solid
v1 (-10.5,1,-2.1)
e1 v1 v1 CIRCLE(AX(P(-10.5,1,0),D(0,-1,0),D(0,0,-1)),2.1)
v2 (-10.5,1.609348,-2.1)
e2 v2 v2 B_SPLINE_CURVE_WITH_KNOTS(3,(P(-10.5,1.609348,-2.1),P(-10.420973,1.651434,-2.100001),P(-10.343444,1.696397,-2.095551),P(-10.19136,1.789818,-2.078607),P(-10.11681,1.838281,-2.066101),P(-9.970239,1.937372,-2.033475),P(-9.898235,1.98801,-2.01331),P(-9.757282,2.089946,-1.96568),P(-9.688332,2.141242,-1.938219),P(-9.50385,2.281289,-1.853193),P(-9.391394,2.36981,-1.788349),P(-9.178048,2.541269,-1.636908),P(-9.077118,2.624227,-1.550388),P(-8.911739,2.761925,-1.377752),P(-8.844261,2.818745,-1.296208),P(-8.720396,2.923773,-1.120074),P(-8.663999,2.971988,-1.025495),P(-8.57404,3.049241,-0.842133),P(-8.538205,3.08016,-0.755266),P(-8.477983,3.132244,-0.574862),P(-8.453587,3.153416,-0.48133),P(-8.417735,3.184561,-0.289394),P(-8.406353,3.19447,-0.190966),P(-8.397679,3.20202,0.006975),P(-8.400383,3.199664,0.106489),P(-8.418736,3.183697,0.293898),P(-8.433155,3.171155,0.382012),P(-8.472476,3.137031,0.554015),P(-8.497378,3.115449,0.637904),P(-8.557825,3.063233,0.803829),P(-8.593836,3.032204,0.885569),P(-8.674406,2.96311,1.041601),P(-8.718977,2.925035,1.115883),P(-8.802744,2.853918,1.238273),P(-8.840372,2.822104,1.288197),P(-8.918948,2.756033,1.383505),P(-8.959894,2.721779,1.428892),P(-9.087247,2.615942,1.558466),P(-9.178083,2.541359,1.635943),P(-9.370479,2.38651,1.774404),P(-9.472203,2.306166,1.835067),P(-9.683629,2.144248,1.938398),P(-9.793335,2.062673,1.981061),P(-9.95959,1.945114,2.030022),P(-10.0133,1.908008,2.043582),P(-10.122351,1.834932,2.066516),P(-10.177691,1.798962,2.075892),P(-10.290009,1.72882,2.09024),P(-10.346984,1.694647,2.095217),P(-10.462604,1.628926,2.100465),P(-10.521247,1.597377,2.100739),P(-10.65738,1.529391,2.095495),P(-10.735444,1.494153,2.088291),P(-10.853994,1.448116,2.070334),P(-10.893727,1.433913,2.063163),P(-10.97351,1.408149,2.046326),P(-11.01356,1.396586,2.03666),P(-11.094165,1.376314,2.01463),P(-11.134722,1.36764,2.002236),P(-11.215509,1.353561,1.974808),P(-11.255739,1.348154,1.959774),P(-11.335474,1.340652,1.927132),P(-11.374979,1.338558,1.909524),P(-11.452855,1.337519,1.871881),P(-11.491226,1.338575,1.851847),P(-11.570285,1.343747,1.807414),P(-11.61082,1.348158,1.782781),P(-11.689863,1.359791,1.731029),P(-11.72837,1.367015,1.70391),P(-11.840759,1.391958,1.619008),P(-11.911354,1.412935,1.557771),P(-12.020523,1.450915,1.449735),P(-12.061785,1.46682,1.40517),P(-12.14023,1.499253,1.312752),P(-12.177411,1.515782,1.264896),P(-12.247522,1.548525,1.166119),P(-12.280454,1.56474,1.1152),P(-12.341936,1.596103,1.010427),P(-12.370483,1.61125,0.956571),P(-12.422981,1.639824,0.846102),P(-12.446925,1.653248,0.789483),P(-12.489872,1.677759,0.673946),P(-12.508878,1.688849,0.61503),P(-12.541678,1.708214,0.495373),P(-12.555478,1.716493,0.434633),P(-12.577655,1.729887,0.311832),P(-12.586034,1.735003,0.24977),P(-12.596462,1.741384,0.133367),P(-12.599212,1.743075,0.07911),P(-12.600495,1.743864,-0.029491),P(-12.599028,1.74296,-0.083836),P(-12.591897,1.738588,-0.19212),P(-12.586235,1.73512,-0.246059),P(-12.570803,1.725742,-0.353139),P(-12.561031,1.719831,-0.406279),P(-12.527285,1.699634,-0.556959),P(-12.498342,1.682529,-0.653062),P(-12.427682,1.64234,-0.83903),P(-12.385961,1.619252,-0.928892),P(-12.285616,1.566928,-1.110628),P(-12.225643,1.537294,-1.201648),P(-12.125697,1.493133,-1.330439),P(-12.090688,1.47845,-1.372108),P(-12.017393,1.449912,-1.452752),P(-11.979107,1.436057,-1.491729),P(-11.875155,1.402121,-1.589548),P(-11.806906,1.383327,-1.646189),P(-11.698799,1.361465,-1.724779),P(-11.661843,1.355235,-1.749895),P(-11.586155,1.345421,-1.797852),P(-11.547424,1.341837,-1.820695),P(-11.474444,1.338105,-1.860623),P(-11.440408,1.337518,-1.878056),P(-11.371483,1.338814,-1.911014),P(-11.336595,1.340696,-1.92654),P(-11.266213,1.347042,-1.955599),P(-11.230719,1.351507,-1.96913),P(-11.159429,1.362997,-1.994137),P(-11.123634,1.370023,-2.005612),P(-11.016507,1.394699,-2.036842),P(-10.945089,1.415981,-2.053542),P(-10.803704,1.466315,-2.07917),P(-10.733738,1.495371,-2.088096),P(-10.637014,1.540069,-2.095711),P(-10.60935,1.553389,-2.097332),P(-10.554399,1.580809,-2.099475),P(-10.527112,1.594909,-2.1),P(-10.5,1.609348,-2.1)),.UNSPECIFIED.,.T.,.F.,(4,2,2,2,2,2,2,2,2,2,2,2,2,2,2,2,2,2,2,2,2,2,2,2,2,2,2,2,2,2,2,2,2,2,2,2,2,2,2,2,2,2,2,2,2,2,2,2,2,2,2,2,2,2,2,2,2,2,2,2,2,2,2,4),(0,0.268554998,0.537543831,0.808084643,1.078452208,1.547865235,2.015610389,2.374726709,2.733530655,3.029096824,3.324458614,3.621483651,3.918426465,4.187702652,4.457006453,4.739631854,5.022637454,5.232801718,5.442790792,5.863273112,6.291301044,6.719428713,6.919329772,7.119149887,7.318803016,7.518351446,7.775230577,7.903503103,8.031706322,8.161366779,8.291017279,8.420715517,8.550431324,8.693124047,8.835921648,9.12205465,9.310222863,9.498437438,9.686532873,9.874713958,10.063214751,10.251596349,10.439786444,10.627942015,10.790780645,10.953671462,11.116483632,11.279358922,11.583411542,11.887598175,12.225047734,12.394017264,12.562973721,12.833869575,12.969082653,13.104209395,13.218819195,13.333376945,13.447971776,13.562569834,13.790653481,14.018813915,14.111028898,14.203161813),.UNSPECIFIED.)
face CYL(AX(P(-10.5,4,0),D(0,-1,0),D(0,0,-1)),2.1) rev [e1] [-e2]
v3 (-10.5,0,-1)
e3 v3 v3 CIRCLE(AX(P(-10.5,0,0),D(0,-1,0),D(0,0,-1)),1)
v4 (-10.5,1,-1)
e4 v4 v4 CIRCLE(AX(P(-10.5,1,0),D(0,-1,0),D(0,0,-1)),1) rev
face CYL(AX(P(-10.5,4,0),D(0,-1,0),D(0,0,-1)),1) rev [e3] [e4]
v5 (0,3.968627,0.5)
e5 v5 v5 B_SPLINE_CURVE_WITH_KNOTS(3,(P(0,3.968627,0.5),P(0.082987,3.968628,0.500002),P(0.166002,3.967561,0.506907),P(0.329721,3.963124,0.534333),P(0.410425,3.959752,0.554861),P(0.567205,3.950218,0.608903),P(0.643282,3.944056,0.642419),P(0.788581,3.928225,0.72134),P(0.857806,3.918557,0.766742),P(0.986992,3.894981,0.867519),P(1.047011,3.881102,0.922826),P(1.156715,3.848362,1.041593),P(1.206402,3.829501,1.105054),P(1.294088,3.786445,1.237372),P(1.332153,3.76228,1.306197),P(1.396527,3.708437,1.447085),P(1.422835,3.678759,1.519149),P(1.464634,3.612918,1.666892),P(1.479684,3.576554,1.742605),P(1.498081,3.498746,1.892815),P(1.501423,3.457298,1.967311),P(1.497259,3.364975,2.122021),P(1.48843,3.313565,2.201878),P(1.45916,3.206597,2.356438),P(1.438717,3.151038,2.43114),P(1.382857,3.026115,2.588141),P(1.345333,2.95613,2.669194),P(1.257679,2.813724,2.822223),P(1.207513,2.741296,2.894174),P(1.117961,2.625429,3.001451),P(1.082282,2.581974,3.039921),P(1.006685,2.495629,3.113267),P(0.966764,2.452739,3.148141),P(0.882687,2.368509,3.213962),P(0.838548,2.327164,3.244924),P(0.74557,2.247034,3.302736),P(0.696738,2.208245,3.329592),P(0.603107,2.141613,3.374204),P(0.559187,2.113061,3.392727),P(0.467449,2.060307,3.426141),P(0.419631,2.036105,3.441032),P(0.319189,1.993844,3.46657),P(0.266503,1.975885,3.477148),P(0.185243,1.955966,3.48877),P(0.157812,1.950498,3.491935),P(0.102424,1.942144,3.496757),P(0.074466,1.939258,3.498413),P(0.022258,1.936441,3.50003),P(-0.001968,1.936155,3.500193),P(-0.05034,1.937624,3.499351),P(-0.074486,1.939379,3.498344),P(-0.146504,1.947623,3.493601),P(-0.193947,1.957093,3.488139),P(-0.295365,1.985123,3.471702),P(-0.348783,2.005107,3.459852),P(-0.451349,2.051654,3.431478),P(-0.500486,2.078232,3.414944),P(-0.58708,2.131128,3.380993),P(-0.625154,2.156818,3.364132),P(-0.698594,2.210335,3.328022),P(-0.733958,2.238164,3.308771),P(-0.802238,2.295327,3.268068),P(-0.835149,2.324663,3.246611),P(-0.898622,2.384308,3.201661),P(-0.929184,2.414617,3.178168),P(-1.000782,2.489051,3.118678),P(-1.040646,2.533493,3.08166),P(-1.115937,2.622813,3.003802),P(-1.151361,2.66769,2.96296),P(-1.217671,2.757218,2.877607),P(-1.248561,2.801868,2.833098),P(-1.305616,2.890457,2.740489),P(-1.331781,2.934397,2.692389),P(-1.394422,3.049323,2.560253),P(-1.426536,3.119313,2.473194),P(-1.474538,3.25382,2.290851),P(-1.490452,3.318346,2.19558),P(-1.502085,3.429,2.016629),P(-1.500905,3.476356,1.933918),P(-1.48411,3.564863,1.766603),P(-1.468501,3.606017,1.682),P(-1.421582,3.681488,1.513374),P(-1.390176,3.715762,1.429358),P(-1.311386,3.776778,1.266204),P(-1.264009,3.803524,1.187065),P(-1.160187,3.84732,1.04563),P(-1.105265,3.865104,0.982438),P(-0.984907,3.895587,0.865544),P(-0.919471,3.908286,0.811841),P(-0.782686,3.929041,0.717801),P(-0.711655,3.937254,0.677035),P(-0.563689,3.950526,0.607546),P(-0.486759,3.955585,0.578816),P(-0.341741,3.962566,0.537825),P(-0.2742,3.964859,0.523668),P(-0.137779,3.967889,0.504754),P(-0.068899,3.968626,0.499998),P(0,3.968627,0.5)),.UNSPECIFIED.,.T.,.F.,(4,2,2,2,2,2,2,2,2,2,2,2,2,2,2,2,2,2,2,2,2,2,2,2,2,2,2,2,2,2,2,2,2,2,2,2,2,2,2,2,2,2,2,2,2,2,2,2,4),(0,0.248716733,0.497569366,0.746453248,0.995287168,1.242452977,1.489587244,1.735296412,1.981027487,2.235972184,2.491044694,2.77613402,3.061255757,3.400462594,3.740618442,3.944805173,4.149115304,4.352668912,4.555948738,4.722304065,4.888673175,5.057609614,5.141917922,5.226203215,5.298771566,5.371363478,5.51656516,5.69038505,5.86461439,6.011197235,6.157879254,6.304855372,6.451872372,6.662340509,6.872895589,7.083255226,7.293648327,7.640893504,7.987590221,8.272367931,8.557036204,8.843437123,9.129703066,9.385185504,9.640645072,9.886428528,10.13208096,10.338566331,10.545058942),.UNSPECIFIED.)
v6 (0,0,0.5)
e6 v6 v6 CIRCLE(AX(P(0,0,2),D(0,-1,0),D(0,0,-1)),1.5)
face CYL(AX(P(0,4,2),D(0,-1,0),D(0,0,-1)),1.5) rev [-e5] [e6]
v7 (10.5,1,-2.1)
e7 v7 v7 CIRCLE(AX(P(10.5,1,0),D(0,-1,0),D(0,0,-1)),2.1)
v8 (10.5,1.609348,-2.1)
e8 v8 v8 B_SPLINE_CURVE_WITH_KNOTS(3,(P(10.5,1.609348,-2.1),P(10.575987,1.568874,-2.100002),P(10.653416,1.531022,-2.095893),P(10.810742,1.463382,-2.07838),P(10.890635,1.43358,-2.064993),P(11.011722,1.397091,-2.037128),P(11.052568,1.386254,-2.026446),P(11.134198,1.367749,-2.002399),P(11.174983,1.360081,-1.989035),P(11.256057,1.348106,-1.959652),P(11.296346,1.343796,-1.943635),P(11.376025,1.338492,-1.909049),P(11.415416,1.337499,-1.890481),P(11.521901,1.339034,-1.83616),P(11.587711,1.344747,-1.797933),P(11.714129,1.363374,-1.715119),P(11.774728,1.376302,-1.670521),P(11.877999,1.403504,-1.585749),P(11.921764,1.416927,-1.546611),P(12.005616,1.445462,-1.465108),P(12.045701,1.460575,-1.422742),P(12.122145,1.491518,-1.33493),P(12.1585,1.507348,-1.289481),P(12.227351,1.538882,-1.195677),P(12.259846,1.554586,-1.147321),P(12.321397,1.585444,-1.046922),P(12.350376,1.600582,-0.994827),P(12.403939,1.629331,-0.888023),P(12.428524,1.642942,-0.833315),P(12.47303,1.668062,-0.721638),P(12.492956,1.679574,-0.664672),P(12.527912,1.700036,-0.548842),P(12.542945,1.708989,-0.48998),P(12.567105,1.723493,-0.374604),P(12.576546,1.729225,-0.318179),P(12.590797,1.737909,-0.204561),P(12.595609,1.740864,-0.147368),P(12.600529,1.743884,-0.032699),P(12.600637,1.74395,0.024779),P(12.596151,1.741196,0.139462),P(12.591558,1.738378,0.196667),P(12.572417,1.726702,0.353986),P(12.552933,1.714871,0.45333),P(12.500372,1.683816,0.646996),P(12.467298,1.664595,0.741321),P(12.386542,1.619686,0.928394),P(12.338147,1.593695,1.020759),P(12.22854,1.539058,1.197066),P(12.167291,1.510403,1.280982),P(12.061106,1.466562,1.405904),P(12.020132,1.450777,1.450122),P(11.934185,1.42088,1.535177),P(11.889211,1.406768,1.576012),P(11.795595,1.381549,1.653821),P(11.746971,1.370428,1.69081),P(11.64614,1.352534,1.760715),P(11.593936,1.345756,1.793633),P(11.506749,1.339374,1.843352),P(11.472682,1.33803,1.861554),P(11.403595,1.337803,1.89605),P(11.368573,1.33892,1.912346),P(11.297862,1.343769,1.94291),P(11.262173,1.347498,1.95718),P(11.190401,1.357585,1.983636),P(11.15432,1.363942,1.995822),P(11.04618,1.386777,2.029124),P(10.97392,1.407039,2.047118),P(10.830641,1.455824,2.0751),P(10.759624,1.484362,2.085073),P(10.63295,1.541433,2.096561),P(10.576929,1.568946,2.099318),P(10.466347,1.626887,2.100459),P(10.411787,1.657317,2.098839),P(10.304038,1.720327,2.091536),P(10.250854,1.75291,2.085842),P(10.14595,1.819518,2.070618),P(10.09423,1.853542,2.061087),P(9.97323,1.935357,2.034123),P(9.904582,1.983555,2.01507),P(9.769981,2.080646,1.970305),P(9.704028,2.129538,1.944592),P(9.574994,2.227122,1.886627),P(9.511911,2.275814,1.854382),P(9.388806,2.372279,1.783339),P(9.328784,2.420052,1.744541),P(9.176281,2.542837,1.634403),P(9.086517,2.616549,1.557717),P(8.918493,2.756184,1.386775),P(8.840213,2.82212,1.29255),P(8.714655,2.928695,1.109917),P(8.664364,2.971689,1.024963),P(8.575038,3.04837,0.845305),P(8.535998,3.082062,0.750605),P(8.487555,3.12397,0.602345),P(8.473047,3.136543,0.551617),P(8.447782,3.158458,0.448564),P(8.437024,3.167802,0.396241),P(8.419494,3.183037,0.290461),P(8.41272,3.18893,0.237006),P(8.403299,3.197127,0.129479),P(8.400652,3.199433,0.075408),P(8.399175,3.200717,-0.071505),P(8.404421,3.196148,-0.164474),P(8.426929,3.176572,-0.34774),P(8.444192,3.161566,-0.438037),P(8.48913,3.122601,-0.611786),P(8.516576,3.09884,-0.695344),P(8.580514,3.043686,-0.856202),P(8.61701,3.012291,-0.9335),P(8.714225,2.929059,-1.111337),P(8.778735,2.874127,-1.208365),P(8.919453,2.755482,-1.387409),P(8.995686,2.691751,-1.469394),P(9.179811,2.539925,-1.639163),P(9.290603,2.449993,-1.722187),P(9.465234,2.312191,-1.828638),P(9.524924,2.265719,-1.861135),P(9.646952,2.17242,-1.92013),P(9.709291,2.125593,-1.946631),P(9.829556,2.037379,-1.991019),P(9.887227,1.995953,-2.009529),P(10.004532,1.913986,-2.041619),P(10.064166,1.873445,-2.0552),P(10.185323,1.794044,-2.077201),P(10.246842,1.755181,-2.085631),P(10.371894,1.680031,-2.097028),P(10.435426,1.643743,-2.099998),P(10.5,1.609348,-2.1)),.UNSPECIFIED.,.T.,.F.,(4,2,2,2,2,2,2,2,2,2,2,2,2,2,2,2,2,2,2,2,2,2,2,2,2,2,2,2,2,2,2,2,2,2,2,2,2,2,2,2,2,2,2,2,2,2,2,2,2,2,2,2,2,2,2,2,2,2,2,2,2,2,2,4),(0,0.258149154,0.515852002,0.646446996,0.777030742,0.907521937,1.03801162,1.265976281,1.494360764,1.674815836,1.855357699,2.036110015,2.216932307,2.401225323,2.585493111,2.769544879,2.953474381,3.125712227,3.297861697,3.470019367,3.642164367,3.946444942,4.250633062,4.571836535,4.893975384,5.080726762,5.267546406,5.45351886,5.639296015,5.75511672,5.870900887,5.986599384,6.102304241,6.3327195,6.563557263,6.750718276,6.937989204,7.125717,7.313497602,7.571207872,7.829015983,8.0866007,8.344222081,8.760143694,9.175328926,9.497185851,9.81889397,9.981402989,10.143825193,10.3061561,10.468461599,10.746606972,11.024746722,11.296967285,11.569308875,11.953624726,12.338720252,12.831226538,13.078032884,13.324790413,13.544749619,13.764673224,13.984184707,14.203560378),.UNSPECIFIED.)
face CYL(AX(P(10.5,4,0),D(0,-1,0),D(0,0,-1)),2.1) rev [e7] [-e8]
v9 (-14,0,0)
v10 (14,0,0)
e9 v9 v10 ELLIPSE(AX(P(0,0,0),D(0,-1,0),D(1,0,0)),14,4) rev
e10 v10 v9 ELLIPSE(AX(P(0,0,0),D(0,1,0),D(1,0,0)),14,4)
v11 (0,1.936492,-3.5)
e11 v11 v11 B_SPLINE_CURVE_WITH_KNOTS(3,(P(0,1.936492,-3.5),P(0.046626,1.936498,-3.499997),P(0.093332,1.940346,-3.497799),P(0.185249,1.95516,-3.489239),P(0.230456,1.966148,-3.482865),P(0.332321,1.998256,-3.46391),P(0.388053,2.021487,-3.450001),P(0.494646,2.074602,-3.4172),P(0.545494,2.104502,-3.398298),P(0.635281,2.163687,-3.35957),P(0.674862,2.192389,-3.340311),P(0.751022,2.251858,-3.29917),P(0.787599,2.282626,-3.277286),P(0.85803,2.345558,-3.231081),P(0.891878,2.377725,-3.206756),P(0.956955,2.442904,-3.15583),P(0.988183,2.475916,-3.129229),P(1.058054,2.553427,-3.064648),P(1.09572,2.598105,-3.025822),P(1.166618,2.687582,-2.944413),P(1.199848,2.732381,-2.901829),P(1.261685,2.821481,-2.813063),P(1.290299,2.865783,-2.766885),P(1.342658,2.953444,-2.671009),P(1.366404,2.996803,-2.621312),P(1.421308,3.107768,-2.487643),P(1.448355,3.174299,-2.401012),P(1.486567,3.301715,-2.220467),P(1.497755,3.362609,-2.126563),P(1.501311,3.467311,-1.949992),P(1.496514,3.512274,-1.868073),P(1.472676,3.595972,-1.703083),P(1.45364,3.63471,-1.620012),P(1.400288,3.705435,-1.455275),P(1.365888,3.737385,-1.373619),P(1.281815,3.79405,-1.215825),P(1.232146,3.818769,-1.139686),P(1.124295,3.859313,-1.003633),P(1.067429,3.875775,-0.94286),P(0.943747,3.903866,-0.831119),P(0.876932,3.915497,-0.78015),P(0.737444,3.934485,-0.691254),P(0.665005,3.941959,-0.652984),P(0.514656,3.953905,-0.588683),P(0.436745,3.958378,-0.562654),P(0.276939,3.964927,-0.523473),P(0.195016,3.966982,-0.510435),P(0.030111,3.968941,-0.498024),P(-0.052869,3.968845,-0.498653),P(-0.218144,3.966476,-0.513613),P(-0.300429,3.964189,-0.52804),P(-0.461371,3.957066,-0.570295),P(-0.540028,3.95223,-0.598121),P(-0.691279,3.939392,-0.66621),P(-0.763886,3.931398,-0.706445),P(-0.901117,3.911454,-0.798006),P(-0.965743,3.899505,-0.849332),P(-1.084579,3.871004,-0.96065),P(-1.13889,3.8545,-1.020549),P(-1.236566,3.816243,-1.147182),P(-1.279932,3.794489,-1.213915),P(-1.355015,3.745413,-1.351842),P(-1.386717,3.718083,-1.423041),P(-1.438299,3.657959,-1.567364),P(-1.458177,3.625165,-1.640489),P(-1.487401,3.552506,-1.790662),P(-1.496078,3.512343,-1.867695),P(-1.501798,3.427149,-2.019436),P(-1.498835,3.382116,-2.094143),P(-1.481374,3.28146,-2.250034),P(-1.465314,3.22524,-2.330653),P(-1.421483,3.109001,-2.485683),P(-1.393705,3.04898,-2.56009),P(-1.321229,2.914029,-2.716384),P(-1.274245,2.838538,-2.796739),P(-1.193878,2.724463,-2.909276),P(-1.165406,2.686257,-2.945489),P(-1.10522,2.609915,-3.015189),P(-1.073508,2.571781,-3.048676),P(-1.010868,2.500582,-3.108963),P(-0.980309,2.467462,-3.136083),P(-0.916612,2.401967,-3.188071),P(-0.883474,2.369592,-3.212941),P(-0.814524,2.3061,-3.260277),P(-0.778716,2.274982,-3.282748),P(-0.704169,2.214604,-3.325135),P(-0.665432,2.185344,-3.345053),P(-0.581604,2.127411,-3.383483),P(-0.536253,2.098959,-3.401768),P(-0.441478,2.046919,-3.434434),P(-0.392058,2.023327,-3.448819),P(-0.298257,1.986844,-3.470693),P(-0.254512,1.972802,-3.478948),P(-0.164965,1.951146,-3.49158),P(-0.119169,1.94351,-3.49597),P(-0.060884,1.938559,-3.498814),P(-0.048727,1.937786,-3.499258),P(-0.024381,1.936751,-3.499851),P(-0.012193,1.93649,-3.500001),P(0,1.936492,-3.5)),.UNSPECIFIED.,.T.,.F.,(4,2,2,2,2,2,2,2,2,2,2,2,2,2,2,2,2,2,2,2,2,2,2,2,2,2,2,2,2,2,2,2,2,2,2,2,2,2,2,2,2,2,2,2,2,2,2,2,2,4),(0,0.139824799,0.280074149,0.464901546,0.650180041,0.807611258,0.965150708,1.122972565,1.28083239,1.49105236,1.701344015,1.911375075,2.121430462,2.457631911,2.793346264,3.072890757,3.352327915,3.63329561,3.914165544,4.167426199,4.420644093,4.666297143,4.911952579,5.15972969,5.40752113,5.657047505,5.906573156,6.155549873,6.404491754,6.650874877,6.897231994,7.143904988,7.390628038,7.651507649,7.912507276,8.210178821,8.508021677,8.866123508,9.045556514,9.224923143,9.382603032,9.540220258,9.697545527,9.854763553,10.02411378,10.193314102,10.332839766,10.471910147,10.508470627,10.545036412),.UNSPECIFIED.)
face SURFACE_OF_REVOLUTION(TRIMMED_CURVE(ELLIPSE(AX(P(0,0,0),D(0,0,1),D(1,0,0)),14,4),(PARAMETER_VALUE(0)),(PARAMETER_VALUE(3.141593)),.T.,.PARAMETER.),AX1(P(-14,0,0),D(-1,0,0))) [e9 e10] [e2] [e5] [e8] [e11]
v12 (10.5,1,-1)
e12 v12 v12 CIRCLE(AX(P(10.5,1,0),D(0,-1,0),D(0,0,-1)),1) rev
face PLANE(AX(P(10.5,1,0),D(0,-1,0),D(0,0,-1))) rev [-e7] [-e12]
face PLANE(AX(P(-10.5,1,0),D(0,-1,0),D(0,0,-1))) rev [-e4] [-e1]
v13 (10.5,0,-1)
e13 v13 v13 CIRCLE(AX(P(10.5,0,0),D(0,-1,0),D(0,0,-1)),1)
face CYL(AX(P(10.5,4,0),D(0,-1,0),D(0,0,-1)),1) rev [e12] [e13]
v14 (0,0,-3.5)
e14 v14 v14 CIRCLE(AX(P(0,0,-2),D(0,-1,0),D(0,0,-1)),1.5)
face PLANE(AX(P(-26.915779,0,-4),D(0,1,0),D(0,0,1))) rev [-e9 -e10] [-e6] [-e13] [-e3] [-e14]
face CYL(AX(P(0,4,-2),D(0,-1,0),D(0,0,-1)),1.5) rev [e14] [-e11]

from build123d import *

# Parameters (mm, degrees)
SKETCH2_W               = 50.634745493
SKETCH2_H               = 13.07277583
CUT_EXTRUDE1_DEPTH      = 5.0000001
CUT_EXTRUDE1_DEPTH_BACK = 5.0000001
SKETCH3_R               = 1
CUT_EXTRUDE2_DEPTH      = 5.0000001
SKETCH4_R               = 2.1
CUT_EXTRUDE3_DEPTH      = 4.0000001
SKETCH5_R               = 1.5
CUT_EXTRUDE4_DEPTH      = 5.0000001


with BuildPart() as part:
    # Sketch1 → Revolve1 (revolve)
    with BuildSketch(Plane.XY):
        with BuildLine():
            Line((-14, 0), (14, 0))
            add(Edge.make_bspline(
                [(14, 0), (14, 4), (0, 4), (-14, 4), (-14, 0)],
                knots=[0, 0, 0, 1.570796327, 1.570796327, 3.141592654, 3.141592654, 3.141592654], degree=2, weights=[1, 0.707106781, 1, 0.707106781, 1]))
        make_face()
    revolve(axis=Axis((-14, 0, 0), (1, 0, 0)))

    # Sketch2 → Cut-Extrude1 (cut, two sides)
    with BuildSketch(Plane.XY) as cut_extrude1_sk:
        with Locations((-1.598405816, -6.536387915)):
            Rectangle(SKETCH2_W, SKETCH2_H)
    extrude(amount=CUT_EXTRUDE1_DEPTH, mode=Mode.SUBTRACT)
    extrude(cut_extrude1_sk.sketch, amount=-CUT_EXTRUDE1_DEPTH_BACK, mode=Mode.SUBTRACT)

    # Sketch3 → Cut-Extrude2 (cut, through all)
    with BuildSketch(Plane.XZ):
        with Locations((-10.5, 0)):
            Circle(SKETCH3_R)
        with Locations((10.5, 0)):
            Circle(SKETCH3_R)
    extrude(amount=-CUT_EXTRUDE2_DEPTH, mode=Mode.SUBTRACT)

    # Sketch4 → Cut-Extrude3 (cut, through all)
    with BuildSketch(Plane(origin=(0, 1, 0), x_dir=(-1, 0, 0), z_dir=(0, -1, 0))):
        with Locations((10.5, 0)):
            Circle(SKETCH4_R)
        with Locations((-10.5, 0)):
            Circle(SKETCH4_R)
    extrude(amount=-CUT_EXTRUDE3_DEPTH, mode=Mode.SUBTRACT)

    # Sketch5 → Cut-Extrude4 (cut, through all)
    with BuildSketch(Plane.XZ):
        with Locations((0, 2)):
            Circle(SKETCH5_R)
        with Locations((0, -2)):
            Circle(SKETCH5_R)
    extrude(amount=-CUT_EXTRUDE4_DEPTH, mode=Mode.SUBTRACT)


solid = part.part
